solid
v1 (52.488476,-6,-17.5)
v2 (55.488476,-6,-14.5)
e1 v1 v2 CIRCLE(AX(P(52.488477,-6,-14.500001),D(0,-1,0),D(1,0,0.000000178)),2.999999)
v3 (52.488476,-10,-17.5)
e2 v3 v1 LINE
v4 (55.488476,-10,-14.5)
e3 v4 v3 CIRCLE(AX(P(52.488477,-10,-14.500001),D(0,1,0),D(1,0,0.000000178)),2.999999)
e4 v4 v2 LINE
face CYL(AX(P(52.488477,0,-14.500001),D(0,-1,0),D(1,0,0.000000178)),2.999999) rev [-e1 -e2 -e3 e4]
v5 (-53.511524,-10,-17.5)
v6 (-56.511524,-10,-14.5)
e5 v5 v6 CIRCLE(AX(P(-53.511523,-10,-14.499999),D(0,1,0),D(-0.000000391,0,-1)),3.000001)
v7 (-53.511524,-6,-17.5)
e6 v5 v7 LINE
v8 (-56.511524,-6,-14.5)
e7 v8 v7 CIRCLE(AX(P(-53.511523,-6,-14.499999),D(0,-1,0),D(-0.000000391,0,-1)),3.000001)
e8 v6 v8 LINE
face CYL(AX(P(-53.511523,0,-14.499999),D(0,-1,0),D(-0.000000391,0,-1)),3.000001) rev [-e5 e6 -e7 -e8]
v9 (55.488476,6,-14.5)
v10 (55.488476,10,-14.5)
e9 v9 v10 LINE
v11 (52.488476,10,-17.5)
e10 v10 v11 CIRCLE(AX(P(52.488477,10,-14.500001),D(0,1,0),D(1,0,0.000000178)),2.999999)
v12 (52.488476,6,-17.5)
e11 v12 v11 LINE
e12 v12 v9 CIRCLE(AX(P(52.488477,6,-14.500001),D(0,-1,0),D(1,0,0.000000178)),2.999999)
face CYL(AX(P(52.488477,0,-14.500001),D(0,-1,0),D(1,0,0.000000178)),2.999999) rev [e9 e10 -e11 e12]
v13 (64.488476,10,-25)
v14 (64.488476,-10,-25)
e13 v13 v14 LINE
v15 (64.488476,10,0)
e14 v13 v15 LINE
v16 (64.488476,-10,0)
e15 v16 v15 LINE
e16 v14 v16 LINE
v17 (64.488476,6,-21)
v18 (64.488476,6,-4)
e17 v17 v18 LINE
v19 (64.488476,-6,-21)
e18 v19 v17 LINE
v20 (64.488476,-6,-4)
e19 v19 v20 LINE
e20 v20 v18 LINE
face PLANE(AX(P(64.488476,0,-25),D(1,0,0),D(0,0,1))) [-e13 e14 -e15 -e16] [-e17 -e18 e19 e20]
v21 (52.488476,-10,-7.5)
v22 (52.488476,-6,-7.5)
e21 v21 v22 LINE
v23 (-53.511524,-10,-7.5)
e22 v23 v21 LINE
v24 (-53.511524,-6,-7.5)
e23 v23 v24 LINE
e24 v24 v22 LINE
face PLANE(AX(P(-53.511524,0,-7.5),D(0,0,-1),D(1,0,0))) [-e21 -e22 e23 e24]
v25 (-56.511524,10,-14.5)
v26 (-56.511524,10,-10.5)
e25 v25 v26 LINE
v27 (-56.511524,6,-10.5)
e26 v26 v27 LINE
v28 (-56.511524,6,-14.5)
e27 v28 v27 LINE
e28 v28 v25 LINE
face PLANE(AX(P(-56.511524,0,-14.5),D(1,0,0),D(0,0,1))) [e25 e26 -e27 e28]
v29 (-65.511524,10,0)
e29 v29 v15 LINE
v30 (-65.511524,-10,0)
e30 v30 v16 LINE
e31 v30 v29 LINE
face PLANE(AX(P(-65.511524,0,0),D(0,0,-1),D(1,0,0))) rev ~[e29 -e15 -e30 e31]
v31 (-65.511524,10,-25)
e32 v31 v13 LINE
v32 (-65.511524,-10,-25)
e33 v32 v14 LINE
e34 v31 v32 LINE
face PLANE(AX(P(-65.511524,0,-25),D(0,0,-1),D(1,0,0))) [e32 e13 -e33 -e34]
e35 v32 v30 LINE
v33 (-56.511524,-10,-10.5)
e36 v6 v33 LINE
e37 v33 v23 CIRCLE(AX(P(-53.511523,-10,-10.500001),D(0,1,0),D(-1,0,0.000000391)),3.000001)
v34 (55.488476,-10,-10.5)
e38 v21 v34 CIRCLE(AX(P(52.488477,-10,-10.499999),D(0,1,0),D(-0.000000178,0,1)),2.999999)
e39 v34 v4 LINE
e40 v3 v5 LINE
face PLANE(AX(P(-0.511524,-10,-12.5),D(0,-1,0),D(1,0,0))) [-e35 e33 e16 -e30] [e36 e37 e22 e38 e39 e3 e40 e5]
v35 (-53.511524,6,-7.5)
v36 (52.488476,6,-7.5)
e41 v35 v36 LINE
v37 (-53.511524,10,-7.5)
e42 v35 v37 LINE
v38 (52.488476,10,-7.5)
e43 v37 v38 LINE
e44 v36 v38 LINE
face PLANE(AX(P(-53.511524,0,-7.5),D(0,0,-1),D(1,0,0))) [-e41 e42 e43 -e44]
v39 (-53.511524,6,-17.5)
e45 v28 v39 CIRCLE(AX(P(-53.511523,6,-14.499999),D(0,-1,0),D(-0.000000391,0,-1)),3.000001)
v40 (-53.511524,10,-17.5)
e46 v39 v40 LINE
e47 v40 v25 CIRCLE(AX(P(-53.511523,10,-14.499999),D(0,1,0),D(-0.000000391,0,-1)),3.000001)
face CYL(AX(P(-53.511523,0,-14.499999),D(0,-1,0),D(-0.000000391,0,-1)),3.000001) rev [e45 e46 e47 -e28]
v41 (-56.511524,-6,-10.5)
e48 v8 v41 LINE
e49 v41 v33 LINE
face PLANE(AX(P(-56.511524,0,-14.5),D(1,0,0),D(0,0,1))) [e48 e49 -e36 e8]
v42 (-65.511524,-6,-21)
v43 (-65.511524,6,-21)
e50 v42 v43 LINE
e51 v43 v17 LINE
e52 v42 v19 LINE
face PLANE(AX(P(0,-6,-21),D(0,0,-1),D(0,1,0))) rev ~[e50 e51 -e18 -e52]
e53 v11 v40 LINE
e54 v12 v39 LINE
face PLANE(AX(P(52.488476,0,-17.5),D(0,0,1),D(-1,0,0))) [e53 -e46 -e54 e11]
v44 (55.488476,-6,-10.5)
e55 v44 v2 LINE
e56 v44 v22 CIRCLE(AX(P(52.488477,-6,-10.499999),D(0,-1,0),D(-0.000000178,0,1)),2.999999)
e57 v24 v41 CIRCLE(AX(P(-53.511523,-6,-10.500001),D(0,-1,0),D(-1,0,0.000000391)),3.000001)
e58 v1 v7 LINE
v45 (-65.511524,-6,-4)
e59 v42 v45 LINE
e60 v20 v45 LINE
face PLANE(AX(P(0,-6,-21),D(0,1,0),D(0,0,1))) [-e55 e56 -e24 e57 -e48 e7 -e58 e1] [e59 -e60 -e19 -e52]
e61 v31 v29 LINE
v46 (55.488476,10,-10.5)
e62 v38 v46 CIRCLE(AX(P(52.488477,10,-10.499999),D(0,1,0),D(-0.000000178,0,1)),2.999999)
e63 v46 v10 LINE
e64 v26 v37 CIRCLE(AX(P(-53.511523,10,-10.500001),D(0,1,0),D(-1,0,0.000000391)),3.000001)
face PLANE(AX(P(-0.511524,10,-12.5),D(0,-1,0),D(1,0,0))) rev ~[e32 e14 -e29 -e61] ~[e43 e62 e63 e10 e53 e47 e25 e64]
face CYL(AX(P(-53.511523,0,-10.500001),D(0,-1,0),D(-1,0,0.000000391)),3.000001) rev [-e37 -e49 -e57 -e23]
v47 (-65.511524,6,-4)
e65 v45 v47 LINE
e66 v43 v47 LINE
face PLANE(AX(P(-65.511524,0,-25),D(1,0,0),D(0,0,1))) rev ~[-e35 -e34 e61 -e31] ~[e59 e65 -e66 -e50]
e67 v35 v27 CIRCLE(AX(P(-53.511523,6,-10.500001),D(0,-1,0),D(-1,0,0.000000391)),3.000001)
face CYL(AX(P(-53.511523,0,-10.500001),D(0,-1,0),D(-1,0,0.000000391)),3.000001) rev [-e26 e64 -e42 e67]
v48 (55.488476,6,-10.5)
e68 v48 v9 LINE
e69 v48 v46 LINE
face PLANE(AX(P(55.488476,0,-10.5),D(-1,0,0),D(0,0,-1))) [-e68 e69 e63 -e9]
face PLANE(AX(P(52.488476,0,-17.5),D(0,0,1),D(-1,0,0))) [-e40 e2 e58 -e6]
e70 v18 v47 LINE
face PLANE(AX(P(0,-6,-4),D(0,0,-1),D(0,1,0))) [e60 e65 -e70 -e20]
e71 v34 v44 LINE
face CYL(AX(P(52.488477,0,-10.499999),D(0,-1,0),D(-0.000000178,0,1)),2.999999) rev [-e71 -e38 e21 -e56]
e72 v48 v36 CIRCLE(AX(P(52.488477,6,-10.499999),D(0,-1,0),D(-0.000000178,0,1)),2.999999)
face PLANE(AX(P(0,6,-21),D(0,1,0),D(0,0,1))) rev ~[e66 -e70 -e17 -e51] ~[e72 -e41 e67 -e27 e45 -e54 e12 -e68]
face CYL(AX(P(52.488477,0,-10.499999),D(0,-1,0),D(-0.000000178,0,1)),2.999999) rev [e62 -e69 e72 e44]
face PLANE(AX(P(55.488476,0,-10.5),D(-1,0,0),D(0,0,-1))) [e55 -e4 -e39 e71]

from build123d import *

# Parameters (mm, degrees)
F0_W     = 130
F0_H     = 25
F1_DEPTH = 10
F2_W     = 12
F2_H     = 17
F3_DEPTH = 86.3


with BuildPart() as f1:
    # F0 (on Front) → F1 (new body, symmetric)
    with BuildSketch(Plane.XZ):
        with Locations((-0.511524, -12.5)):
            Rectangle(F0_W, F0_H)
        with BuildLine():
            ThreePointArc((-56.511524, -10.5), (-55.632844, -8.37868), (-53.511524, -7.5))
            Line((-53.511524, -7.5), (52.488476, -7.5))
            ThreePointArc((52.488476, -7.5), (54.609797, -8.37868), (55.488476, -10.5))
            Line((55.488476, -10.5), (55.488476, -14.5))
            ThreePointArc((55.488476, -14.5), (54.609797, -16.62132), (52.488476, -17.5))
            Line((52.488476, -17.5), (-53.511524, -17.5))
            ThreePointArc((-53.511524, -17.5), (-55.632844, -16.62132), (-56.511524, -14.5))
            Line((-56.511524, -14.5), (-56.511524, -10.5))
        make_face(mode=Mode.SUBTRACT)
    extrude(amount=F1_DEPTH, both=True)

    # F2 (on Right) → F3 (cut, symmetric)
    with BuildSketch(Plane.YZ):
        with Locations((0, -12.5)):
            Rectangle(F2_W, F2_H)
    extrude(amount=F3_DEPTH, both=True, mode=Mode.SUBTRACT)


solid = f1.part
